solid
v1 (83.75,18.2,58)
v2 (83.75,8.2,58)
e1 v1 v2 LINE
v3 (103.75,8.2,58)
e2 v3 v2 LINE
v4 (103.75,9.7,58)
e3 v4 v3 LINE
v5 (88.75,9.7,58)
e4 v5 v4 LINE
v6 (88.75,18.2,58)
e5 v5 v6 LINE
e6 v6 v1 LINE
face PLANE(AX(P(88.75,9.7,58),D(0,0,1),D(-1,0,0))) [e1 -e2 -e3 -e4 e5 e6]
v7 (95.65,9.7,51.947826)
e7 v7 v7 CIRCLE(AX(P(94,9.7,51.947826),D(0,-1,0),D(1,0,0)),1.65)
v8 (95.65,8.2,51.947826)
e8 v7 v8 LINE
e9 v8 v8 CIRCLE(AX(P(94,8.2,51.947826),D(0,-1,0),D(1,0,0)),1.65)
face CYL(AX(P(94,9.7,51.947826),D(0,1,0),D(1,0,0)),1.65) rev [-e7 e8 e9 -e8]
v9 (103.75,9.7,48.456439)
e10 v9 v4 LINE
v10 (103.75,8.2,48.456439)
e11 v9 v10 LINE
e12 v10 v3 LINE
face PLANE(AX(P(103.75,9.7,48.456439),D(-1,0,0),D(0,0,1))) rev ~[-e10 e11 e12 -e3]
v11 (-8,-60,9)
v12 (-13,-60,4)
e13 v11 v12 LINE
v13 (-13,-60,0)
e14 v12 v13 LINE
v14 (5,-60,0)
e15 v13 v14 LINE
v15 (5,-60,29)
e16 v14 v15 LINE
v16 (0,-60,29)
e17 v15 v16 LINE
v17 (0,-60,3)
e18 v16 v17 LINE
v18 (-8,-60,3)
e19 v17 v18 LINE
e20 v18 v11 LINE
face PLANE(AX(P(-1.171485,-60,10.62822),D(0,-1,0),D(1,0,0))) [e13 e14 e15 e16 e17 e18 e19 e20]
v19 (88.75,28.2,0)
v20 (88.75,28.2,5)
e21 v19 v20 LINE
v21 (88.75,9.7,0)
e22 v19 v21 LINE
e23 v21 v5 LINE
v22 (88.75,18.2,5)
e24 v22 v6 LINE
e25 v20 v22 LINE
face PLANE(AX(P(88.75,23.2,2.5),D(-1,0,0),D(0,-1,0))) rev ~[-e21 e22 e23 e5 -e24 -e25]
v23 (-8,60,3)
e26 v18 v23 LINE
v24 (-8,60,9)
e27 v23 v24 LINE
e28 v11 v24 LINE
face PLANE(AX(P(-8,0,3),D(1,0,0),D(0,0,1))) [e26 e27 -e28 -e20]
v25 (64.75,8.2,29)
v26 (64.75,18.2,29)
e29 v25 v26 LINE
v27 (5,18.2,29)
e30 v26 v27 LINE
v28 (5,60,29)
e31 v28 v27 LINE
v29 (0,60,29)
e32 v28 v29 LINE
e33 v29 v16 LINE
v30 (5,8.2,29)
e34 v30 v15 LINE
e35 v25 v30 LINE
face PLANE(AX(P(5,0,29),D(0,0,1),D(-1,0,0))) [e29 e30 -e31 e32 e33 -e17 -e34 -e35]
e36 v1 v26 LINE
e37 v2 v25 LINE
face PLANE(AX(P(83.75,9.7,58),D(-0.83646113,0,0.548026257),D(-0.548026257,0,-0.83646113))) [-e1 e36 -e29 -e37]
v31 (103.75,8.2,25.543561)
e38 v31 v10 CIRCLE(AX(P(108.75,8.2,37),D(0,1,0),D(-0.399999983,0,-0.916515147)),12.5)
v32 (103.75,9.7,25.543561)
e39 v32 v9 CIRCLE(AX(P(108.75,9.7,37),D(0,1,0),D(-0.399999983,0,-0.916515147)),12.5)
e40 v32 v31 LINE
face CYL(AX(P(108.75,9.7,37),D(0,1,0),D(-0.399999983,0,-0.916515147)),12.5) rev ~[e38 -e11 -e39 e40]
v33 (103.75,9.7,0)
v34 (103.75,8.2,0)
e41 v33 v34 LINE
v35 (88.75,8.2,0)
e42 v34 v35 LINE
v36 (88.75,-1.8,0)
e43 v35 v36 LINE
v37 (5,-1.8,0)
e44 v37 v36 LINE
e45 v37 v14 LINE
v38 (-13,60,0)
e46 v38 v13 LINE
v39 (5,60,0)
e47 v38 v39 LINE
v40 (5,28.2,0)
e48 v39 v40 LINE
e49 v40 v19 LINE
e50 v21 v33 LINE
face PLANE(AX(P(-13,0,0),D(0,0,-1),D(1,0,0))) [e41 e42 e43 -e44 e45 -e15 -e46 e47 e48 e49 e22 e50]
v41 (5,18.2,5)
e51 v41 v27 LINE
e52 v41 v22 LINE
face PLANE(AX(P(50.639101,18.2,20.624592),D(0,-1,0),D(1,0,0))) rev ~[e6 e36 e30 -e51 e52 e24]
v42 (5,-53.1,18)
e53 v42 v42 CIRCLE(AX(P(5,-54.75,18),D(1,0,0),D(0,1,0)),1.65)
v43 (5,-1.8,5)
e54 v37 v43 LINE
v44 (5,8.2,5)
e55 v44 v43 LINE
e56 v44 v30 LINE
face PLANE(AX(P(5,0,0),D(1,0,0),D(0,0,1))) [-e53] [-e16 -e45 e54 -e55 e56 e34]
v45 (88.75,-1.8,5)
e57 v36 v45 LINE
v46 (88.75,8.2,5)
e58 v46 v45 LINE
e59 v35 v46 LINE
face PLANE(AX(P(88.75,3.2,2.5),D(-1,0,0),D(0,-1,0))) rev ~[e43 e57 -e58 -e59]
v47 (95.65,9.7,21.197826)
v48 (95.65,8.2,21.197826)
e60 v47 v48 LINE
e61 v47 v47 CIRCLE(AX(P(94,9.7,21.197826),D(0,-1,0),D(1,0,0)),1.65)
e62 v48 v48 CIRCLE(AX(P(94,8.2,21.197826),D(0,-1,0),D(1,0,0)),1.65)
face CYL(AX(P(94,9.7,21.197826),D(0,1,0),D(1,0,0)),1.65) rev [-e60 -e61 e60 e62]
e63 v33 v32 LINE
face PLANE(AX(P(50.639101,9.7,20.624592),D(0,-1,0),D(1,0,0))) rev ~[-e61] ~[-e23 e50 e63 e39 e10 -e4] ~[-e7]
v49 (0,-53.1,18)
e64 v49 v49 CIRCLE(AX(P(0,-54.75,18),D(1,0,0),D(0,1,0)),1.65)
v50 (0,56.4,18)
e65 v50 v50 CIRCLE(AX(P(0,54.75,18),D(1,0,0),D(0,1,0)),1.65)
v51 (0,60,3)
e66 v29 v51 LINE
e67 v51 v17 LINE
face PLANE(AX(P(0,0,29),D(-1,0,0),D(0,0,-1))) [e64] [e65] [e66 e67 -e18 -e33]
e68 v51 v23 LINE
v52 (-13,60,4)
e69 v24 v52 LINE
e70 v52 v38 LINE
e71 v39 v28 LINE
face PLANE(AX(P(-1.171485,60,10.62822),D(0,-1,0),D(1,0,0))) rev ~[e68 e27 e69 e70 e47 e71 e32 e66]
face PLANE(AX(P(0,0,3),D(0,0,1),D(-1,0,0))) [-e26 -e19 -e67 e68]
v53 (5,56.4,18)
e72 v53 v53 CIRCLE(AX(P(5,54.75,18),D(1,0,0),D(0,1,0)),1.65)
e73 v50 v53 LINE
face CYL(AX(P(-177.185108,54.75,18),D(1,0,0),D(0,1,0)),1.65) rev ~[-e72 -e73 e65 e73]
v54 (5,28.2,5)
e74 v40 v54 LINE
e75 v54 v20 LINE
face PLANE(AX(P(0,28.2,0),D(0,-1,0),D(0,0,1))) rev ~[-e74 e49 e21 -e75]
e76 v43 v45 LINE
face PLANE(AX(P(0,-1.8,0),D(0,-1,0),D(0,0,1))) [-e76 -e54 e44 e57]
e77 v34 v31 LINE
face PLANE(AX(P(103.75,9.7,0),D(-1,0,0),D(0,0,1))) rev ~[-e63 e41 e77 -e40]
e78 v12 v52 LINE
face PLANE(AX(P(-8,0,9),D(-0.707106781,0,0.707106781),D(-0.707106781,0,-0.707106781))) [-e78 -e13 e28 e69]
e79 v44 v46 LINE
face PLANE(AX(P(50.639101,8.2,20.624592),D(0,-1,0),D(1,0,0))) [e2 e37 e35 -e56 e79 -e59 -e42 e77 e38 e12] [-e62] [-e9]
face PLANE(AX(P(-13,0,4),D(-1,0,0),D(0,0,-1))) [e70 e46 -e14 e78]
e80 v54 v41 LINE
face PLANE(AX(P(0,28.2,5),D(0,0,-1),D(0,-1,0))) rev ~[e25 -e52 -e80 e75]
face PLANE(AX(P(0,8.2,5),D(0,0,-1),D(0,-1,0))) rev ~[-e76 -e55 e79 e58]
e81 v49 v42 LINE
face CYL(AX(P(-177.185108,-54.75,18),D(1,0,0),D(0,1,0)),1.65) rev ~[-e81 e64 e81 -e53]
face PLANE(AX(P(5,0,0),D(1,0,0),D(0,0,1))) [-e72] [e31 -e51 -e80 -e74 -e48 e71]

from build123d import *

# Parameters (mm, degrees)
F1_R          = 1.65
F2_DEPTH      = 1.5
F3_DEPTH      = 1.5
F3_DEPTH_BACK = 8.5
F4_W          = 10
F4_H          = 5
F5_DEPTH      = 88.75
F7_DEPTH      = 60
F9_D          = 3.3


with BuildPart() as f2:
    # F1 (on offset) → F2 (new body)
    with BuildSketch(Plane.XZ.offset(-9.7)):
        with BuildLine():
            Line((88.75, 58), (88.75, 0))
            Line((88.75, 0), (103.75, 0))
            Line((103.75, 0), (103.75, 25.543561))
            ThreePointArc((103.75, 25.543561), (96.25, 37), (103.75, 48.456439))
            Line((103.75, 48.456439), (103.75, 58))
            Line((103.75, 58), (88.75, 58))
        make_face()
        with Locations((94, 21.197826)):
            Circle(F1_R, mode=Mode.SUBTRACT)
        with Locations((94, 51.947826)):
            Circle(F1_R, mode=Mode.SUBTRACT)
    extrude(amount=F2_DEPTH)

    # F1 (on offset) → F3 (join, two sides)
    with BuildSketch(Plane.XZ.offset(-9.7)) as f3_sk:
        Polygon((0, 0), (88.75, 0), (88.75, 58), (83.75, 58), (64.75, 29), (0, 29), align=None)
    extrude(amount=F3_DEPTH)
    extrude(f3_sk.sketch, amount=-F3_DEPTH_BACK)

    # F4 (on face) → F5 (join, through all)
    with BuildSketch(Plane(origin=(0, 0, 0), x_dir=(0, -1, 0), z_dir=(-1, 0, 0))):
        with Locations((-23.2, 2.5)):
            Rectangle(F4_W, F4_H)
        with Locations((-3.2, 2.5)):
            Rectangle(F4_W, F4_H)
    extrude(amount=-F5_DEPTH)

    # F6 (on Front) → F7 (join, symmetric)
    with BuildSketch(Plane.XZ):
        Polygon((-13, 4), (-13, 0), (5, 0), (5, 29), (0, 29), (0, 3), (-8, 3), (-8, 9), align=None)
    extrude(amount=F7_DEPTH, both=True)

    # F9 (through all)
    with Locations(Plane(origin=(0, 0, 0), x_dir=(0, -1, 0), z_dir=(-1, 0, 0))):
        with Locations((54.75, 18), (-54.75, 18)):
            Hole(F9_D / 2)


solid = f2.part
